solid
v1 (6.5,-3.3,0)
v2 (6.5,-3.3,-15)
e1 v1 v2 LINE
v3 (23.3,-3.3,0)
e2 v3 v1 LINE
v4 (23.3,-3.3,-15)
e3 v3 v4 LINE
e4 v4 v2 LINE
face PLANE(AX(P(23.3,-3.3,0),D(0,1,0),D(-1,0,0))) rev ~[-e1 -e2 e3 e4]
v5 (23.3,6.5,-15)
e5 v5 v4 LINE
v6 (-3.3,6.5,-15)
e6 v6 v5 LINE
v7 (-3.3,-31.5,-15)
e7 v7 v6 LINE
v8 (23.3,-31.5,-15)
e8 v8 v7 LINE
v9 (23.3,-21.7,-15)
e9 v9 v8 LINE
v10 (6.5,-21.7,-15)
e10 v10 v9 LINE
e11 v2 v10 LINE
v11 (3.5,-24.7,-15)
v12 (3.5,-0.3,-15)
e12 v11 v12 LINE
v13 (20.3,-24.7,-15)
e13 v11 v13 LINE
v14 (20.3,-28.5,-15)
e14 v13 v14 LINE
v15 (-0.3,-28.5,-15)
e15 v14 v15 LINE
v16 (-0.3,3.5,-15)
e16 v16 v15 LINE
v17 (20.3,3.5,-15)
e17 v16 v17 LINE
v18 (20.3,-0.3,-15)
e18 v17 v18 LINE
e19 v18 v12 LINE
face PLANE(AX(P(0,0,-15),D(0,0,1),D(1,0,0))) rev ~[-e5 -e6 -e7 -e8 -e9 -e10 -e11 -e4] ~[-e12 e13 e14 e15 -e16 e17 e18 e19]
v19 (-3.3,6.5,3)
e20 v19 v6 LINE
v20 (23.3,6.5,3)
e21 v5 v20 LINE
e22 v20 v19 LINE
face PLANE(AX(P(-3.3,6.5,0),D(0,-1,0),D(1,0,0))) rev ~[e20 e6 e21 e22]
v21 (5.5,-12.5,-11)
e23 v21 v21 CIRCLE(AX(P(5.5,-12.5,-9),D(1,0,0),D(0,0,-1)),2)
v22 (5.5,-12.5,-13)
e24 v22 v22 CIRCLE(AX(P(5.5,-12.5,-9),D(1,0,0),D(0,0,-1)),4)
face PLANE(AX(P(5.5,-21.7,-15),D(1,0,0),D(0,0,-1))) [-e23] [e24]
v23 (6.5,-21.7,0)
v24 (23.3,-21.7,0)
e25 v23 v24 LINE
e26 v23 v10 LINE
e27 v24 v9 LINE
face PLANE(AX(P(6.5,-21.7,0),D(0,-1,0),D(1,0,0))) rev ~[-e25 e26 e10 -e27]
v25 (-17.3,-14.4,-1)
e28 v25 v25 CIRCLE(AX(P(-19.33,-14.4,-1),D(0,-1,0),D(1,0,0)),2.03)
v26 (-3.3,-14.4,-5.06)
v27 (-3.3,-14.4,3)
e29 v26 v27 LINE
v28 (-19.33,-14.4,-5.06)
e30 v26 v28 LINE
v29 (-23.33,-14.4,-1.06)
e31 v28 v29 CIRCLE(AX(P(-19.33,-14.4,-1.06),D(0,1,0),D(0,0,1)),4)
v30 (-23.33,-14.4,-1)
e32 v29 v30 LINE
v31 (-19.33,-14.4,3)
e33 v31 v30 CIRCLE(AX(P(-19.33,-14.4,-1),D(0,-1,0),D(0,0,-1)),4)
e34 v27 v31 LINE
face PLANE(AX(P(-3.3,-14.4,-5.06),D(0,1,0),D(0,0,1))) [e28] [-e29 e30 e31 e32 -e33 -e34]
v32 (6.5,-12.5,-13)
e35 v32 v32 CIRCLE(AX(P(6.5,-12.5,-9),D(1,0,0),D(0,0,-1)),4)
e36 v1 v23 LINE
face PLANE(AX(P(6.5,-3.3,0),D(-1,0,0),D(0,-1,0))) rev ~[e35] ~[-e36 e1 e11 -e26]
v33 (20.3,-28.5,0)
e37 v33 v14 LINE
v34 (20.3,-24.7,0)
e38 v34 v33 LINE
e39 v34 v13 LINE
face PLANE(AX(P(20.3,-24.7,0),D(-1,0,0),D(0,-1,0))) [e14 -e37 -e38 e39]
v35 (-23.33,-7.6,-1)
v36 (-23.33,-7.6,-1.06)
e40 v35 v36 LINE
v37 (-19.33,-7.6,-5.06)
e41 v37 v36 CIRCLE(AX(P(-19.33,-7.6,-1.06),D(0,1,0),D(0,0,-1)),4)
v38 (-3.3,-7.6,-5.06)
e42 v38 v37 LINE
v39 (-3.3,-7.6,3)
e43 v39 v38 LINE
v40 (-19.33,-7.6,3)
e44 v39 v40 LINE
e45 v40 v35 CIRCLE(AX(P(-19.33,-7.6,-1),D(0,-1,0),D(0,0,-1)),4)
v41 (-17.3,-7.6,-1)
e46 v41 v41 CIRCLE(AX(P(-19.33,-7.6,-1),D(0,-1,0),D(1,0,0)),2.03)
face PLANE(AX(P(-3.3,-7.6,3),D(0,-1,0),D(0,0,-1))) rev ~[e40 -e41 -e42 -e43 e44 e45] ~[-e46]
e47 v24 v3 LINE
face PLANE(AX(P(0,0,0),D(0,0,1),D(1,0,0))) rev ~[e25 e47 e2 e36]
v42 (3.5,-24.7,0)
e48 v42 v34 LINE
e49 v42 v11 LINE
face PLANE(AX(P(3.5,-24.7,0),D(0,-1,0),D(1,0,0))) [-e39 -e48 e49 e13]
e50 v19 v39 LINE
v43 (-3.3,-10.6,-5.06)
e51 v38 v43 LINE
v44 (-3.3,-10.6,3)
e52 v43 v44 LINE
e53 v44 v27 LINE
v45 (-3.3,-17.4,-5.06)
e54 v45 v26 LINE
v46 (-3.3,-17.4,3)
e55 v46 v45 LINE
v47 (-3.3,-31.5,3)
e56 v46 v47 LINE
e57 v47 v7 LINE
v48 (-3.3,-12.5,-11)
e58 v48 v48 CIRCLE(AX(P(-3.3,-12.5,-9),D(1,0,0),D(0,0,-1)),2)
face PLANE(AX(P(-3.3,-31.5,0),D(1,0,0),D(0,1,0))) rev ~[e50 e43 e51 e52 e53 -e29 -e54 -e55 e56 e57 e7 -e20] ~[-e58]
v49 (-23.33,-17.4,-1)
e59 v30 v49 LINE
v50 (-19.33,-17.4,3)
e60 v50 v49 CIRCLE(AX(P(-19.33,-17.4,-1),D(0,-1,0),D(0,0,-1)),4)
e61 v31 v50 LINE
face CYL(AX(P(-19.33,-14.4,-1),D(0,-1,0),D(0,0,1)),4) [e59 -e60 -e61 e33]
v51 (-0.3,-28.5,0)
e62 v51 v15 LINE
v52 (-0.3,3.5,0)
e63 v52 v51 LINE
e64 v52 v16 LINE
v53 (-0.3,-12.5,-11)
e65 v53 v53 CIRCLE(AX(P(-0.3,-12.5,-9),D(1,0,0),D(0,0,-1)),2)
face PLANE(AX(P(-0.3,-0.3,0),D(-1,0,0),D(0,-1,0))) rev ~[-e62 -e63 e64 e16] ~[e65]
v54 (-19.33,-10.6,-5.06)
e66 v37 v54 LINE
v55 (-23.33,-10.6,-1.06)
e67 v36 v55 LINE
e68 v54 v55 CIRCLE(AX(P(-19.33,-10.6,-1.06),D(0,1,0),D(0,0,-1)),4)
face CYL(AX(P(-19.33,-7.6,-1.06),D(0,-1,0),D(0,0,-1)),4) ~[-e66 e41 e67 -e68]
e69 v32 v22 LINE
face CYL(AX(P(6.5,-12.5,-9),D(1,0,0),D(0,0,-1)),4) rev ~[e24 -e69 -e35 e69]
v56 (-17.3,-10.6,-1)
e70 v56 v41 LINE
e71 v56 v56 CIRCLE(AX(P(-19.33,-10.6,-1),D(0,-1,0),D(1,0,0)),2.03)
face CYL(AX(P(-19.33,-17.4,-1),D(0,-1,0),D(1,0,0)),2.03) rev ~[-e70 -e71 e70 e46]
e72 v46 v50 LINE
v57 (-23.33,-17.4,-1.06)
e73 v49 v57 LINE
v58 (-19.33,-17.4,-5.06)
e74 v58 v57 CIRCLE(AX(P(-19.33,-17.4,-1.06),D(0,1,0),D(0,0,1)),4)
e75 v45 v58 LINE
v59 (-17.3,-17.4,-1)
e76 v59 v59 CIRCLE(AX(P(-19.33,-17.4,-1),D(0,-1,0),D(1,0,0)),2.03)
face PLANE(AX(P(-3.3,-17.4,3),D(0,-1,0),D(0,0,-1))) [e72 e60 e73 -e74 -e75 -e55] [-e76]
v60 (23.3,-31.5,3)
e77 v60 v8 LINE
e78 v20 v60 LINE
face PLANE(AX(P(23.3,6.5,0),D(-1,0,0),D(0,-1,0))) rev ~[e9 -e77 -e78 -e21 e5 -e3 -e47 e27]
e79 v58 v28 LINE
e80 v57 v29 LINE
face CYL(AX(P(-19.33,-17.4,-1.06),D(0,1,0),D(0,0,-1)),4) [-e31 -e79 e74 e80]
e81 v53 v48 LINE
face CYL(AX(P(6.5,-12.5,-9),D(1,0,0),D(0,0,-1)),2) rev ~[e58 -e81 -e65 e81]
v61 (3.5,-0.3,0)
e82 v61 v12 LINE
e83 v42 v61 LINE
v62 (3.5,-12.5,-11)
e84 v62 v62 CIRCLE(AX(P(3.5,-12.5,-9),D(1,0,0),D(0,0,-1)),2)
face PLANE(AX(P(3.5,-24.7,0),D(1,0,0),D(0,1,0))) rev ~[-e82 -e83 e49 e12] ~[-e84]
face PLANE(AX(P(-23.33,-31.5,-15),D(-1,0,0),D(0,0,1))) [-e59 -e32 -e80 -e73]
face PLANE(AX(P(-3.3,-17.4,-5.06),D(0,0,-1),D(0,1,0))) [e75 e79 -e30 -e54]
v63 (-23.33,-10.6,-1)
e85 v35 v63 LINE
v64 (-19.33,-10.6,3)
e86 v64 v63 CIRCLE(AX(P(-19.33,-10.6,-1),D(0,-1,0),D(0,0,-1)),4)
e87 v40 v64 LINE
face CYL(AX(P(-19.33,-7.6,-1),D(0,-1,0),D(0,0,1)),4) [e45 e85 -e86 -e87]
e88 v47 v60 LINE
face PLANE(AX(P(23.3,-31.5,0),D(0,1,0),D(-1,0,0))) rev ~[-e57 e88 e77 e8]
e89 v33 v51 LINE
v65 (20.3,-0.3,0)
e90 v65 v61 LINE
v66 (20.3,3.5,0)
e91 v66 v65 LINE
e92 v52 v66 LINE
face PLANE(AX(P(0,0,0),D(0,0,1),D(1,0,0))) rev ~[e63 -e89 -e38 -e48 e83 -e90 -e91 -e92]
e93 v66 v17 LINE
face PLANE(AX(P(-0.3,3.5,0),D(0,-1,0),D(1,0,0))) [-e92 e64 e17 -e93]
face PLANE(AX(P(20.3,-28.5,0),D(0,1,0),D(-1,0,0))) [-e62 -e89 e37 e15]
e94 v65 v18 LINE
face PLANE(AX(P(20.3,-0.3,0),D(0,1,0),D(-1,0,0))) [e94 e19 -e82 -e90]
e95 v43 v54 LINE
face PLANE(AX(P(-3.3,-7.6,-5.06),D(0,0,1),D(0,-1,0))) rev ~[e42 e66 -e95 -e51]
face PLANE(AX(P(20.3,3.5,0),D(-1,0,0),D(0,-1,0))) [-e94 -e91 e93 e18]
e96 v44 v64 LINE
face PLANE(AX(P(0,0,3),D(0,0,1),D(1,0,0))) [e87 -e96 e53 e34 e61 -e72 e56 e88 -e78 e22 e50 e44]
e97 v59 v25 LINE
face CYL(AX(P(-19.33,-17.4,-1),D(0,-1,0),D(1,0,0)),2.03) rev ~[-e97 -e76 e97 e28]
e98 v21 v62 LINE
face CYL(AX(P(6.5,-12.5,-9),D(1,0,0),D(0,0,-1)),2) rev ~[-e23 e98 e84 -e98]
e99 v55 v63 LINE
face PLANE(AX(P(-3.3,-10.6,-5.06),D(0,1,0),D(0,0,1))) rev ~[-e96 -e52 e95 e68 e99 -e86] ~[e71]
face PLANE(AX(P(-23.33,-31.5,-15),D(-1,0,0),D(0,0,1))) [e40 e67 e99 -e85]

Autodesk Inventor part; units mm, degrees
ref_plane "YZ Plane" through (0, 0, 0) normal (1, 0, 0) x (0, 1, 0)
ref_plane "XZ Plane" through (0, 0, 0) normal (0, 1, 0) x (-1, 0, 0)
ref_plane "XY Plane" through (0, 0, 0) normal (0, 0, 1) x (1, 0, 0)
sketch "Sketch1" plane through (0, 0, 0) normal (0, 0, 1) x (1, 0, 0)
  line L0 (0, 0) -> (20, 0) projected
  line L1 (20, 0) -> (20, 3.2) projected
  line L2 (0, 3.2) -> (20, 3.2) projected
  line L3 (0, 0) -> (0, 3.2) projected
  line L4 (20, -25) -> (0, -25) projected
  line L5 (0, -25) -> (0, -28.2) projected
  line L6 (20, -28.2) -> (0, -28.2) projected
  line L7 (20, -25) -> (20, -28.2) projected
  line L8 (3.2, -25) -> (3.2, 0) projected
  line L9 (0, -25) -> (0, 0) projected
  line L10 (-0.3, -0.3) -> (-0.3, 3.5)
  line L11 (-0.3, 3.5) -> (20.3, 3.5)
  line L12 (20.3, 3.5) -> (20.3, -0.3)
  line L13 (20.3, -24.7) -> (20.3, -28.5)
  line L14 (20.3, -28.5) -> (-0.3, -28.5)
  line L15 (-0.3, -28.5) -> (-0.3, -24.7)
  line L16 (3.5, -24.7) -> (3.5, -0.3)
  line L17 (-0.3, -0.3) -> (-0.3, -24.7)
  line L18 (20.3, -0.3) -> (3.5, -0.3)
  line L19 (3.5, -24.7) -> (20.3, -24.7)
  line L20 (6.5, -3.3) -> (6.5, -21.7)
  line L21 (6.5, -21.7) -> (23.3, -21.7)
  line L22 (23.3, -21.7) -> (23.3, -31.5)
  line L23 (23.3, -31.5) -> (-3.3, -31.5)
  line L24 (-3.3, -31.5) -> (-3.3, -24.7)
  line L25 (-3.3, -24.7) -> (-3.3, -0.3)
  line L26 (-3.3, -0.3) -> (-3.3, 6.5)
  line L27 (-3.3, 6.5) -> (23.3, 6.5)
  line L28 (23.3, 6.5) -> (23.3, -3.3)
  line L29 (23.3, -3.3) -> (6.5, -3.3)
  dimension "d2" = 0.3
  dimension "d3" = 0.3
  dimension "d4" = 0.3
  dimension "d5" = 24.4
  dimension "d6" = 3.8
  dimension "d7" = 3
extrude "Extrusion1" add sketch "Sketch1" against normal blind 15 contours L20 L21 L22 L23 L24 L25 L26 L27 L28 L29
sketch "Sketch4" plane through (0, 0, 0) normal (0, 0, 1) x (1, 0, 0)
  line L0 (23.3, -3.3) -> (23.3, 6.5) projected
  line L1 (23.3, 6.5) -> (-3.3, 6.5) projected
  line L2 (23.3, -3.3) -> (6.5, -3.3) projected
  line L3 (6.5, -3.3) -> (6.5, -21.7) projected
  line L4 (6.5, -21.7) -> (23.3, -21.7) projected
  line L5 (-3.3, -0.3) -> (-3.3, 6.5) projected
  line L6 (-3.3, -31.5) -> (23.3, -31.5) projected
  line L7 (23.3, -31.5) -> (23.3, -21.7) projected
  line L8 (23.3, -21.7) -> (6.5, -21.7) projected
  line L9 (23.3, 6.5) -> (23.3, -3.3) projected
  line L10 (23.3, -3.3) -> (23.3, 6.5)
  line L11 (-3.3, -31.5) -> (-3.3, 6.5) projected
  line L12 (23.3, 6.5) -> (-3.3, 6.5)
  line L13 (-3.3, 6.5) -> (-3.3, -31.5)
  line L14 (23.3, -31.5) -> (-3.3, -31.5) projected
  line L15 (-3.3, -31.5) -> (23.3, -31.5)
  line L16 (23.3, -21.7) -> (23.3, -31.5) projected
  line L17 (23.3, -31.5) -> (23.3, -21.7)
  line L18 (6.5, -3.3) -> (6.5, -21.7) projected
  line L19 (23.3, -3.3) -> (6.5, -3.3) projected
  line L20 (6.5, -3.3) -> (23.3, -3.3) projected
  line L21 (23.3, -3.3) -> (23.3, -21.7)
  point P0 (0, 0)
extrude "Extrusion3" add sketch "Sketch4" along normal blind 3
sketch "Sketch5" plane through (6.5, -21.7, -15) normal (1, 0, 0) x (0, 0, -1)
  line L0 (0, 18.4) -> (0, 0) projected
  line L1 (-15, 18.4) -> (0, 18.4) projected
  line L2 (-15, 0) -> (0, 0) projected
  line L3 (-15, 0) -> (-15, 18.4) projected
  circle A0 centre (-6, 9.2) radius 2
  circle A1 centre (-6, 9.2) radius 4
  point P0 (-15, 21.7)
  dimension "d14" = 4
  dimension "d15" = 6
  dimension "d16" = 8
  dimension "d17" = 9.2
extrude "Extrusion4" cut sketch "Sketch5" against normal blind 1 contours A1
extrude "Extrusion5" cut sketch "Sketch5" against normal blind 80 contours A0
sketch "Sketch16" plane through (-3.3, -31.5, -15) normal (-1, 0, 0) x (0, 0, 1)
  line L0 (18, 38) -> (18, 0) projected
  line L1 (0, 0) -> (18, 0) projected
  line L2 (18, 0) -> (18, 38) projected
  line L3 (18, 19) -> (0, 19) construction
  line L4 (0, 6.8) -> (0, 31.2) projected
  line L5 (18, 17.1) -> (18, 14.1)
  line L6 (18, 14.1) -> (9.94, 14.1)
  line L7 (9.94, 14.1) -> (9.94, 17.1)
  line L8 (9.94, 17.1) -> (18, 17.1)
  line L9 (18, 20.9) -> (18, 23.9)
  line L10 (18, 23.9) -> (9.94, 23.9)
  line L11 (9.94, 23.9) -> (9.94, 20.9)
  line L12 (9.94, 20.9) -> (18, 20.9)
  point P0 (15, 31.5)
  dimension "d41" = 3
  dimension "d42" = 1.9
  dimension "d43" = 8.06
extrude "Extrusion8" add sketch "Sketch16" along normal blind 20.03
fillet "Fillet1" radius 4 4 edges at (-23.33, -15.9, 3) (-23.33, -9.1, 3) (-23.33, -9.1, -5.06) (-23.33, -15.9, -5.06)
sketch "Sketch17" plane through (-3.3, -17.4, -5.06) normal (0, -1, 0) x (1, 0, 0)
  arc A0 (-16.03, 8.06) -> (-20.03, 4.06) centre (-16.03, 4.06) ccw projected
  circle A1 centre (-16.03, 4.06) radius 2.03
  point P0 (3.3, 5.06)
  dimension "d47" = 4.06
extrude "Extrusion9" cut sketch "Sketch17" against normal blind 20
properties part number "Tope_Carril"
